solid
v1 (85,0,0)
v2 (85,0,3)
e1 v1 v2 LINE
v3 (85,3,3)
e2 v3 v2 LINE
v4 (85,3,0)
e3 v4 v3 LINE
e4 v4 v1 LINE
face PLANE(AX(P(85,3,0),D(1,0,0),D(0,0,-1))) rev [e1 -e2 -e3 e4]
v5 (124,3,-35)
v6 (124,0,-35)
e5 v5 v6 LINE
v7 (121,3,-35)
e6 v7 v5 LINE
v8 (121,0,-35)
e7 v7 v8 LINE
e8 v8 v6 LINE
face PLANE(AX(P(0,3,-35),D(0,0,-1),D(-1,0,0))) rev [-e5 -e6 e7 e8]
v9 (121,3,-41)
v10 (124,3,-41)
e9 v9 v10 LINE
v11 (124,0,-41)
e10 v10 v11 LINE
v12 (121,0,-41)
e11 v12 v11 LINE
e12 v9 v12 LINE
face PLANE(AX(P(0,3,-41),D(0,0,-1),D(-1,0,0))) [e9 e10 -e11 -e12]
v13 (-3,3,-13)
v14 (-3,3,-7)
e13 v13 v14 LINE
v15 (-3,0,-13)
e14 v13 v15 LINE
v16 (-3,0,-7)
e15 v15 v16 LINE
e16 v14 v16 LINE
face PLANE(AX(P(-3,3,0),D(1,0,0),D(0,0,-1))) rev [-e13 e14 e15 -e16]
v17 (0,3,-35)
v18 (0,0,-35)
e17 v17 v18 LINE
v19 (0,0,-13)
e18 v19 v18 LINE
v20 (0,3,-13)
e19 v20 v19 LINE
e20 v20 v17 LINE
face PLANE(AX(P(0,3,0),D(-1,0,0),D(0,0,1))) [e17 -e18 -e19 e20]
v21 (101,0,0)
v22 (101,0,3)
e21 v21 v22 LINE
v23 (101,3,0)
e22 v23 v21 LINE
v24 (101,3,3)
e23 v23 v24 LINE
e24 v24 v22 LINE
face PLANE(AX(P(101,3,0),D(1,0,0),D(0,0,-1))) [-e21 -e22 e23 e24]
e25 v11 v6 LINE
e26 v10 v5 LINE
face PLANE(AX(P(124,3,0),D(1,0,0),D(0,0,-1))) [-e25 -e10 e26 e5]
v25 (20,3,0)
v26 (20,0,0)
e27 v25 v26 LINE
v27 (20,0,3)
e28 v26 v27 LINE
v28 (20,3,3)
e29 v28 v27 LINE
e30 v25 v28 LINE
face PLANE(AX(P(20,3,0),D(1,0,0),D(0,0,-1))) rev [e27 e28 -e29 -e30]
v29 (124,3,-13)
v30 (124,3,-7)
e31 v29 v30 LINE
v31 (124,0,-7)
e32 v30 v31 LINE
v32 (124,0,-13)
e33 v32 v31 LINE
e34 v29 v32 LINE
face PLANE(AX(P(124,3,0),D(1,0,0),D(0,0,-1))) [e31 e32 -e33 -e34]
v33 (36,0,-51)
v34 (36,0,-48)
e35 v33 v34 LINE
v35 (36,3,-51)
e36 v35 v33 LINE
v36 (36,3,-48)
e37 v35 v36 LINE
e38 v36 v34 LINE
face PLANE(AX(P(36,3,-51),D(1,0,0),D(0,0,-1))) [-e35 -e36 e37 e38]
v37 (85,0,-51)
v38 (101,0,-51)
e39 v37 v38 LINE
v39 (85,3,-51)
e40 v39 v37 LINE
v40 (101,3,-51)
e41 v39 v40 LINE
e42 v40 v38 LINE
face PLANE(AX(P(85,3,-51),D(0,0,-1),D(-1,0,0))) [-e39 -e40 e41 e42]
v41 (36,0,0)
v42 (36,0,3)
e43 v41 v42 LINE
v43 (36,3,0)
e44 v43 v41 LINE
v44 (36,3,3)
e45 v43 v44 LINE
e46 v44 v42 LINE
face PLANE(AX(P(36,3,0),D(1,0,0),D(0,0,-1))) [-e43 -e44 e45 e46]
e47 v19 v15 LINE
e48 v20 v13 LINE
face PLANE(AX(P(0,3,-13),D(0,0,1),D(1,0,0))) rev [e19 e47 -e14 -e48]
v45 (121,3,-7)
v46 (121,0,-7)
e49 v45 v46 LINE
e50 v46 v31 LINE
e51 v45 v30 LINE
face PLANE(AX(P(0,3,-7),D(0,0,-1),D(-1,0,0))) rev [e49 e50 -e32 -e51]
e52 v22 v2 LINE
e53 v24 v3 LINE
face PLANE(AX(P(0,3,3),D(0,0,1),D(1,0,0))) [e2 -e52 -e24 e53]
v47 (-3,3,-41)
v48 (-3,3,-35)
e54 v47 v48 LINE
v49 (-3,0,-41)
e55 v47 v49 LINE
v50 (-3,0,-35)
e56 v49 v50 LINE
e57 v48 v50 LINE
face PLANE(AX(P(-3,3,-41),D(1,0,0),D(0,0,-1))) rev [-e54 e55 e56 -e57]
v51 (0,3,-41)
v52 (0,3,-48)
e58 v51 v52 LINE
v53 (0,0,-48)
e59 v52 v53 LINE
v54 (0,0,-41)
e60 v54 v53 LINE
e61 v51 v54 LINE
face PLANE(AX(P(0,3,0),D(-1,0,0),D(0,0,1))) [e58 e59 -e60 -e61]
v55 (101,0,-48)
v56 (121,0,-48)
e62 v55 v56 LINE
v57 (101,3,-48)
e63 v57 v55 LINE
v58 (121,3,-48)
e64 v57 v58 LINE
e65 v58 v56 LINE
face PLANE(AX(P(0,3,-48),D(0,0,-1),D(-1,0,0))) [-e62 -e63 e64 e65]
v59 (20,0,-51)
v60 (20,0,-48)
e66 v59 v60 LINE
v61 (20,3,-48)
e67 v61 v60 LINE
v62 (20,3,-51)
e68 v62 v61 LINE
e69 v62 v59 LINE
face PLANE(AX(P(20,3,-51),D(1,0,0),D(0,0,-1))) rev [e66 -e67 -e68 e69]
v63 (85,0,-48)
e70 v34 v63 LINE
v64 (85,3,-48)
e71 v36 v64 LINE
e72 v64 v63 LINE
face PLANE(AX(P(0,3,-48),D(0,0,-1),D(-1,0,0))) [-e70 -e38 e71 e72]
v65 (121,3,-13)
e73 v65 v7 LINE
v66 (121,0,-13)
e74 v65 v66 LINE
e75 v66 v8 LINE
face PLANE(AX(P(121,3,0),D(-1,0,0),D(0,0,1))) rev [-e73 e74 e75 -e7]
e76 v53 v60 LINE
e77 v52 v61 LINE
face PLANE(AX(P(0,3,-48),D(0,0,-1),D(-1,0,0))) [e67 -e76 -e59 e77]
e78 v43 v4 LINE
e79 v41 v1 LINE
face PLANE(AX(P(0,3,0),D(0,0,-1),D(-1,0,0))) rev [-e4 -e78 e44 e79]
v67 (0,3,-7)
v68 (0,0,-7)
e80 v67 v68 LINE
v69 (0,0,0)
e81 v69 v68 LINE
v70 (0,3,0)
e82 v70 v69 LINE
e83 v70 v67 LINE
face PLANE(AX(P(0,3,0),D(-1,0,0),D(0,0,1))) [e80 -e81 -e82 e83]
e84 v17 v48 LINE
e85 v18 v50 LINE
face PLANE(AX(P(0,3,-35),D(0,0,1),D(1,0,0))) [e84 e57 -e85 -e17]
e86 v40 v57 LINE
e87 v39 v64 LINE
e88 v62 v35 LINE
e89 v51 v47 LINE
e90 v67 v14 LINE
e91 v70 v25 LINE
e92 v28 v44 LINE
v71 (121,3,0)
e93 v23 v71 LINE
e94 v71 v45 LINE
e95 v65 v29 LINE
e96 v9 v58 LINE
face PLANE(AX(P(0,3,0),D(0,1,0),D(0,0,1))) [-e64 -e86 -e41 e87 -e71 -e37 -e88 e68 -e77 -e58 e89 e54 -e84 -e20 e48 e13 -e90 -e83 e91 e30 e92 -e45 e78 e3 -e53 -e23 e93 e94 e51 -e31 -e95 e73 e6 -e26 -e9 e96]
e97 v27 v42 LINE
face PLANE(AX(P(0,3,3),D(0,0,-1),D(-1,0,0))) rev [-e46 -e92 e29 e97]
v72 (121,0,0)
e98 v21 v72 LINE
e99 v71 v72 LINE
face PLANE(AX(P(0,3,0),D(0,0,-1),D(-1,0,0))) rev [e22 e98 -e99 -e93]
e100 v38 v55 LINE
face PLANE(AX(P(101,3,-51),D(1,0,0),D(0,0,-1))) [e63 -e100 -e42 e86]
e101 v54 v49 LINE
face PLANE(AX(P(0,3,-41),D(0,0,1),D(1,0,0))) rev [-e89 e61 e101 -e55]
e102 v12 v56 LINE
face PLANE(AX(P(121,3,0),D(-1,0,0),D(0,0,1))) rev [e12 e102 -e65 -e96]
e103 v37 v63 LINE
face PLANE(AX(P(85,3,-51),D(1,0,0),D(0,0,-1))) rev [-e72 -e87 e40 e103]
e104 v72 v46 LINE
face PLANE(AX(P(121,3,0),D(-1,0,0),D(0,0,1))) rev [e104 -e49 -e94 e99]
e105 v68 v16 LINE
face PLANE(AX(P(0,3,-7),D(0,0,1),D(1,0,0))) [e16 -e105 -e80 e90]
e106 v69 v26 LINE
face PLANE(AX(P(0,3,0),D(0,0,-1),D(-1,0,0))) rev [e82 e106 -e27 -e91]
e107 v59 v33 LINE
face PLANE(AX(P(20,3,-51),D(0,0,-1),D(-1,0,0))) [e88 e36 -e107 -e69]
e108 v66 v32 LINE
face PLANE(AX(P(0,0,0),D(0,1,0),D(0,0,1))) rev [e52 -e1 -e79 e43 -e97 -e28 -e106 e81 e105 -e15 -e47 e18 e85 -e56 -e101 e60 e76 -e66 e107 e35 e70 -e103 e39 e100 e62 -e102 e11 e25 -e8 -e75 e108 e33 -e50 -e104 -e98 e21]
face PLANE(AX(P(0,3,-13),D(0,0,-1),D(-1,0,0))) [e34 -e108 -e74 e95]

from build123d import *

# Parameters (mm, degrees)
SKETCH1_W           = 3
SKETCH1_H           = 6
SKETCH1_W_2         = 16
SKETCH1_H_2         = 3
BOSS_EXTRUDE1_DEPTH = 3


with BuildPart() as part:
    # Sketch1 → Boss-Extrude1 (new body)
    with BuildSketch(Plane(origin=(0, 0, 0), x_dir=(1, 0, 0), z_dir=(0, 1, 0))):
        Polygon((60.5, 0), (60.5, 48), (36, 48), (20, 48), (0, 48), (0, 41), (0, 35), (0, 13), (0, 7), (0, 0), (20, 0), (36, 0), align=None)
        Polygon((85, 48), (60.5, 48), (60.5, 0), (85, 0), (101, 0), (121, 0), (121, 7), (121, 13), (121, 35), (121, 41), (121, 48), (101, 48), align=None)
        with Locations((-1.5, 10)):
            Rectangle(SKETCH1_W, SKETCH1_H)
        with Locations((28, -1.5)):
            Rectangle(SKETCH1_W_2, SKETCH1_H_2)
        with Locations((93, -1.5)):
            Rectangle(SKETCH1_W_2, SKETCH1_H_2)
        with Locations((122.5, 38)):
            Rectangle(SKETCH1_W, SKETCH1_H)
        with Locations((122.5, 10)):
            Rectangle(SKETCH1_W, SKETCH1_H)
        with Locations((-1.5, 38)):
            Rectangle(SKETCH1_W, SKETCH1_H)
        with Locations((28, 49.5)):
            Rectangle(SKETCH1_W_2, SKETCH1_H_2)
        with Locations((93, 49.5)):
            Rectangle(SKETCH1_W_2, SKETCH1_H_2)
    extrude(amount=BOSS_EXTRUDE1_DEPTH)


solid = part.part
